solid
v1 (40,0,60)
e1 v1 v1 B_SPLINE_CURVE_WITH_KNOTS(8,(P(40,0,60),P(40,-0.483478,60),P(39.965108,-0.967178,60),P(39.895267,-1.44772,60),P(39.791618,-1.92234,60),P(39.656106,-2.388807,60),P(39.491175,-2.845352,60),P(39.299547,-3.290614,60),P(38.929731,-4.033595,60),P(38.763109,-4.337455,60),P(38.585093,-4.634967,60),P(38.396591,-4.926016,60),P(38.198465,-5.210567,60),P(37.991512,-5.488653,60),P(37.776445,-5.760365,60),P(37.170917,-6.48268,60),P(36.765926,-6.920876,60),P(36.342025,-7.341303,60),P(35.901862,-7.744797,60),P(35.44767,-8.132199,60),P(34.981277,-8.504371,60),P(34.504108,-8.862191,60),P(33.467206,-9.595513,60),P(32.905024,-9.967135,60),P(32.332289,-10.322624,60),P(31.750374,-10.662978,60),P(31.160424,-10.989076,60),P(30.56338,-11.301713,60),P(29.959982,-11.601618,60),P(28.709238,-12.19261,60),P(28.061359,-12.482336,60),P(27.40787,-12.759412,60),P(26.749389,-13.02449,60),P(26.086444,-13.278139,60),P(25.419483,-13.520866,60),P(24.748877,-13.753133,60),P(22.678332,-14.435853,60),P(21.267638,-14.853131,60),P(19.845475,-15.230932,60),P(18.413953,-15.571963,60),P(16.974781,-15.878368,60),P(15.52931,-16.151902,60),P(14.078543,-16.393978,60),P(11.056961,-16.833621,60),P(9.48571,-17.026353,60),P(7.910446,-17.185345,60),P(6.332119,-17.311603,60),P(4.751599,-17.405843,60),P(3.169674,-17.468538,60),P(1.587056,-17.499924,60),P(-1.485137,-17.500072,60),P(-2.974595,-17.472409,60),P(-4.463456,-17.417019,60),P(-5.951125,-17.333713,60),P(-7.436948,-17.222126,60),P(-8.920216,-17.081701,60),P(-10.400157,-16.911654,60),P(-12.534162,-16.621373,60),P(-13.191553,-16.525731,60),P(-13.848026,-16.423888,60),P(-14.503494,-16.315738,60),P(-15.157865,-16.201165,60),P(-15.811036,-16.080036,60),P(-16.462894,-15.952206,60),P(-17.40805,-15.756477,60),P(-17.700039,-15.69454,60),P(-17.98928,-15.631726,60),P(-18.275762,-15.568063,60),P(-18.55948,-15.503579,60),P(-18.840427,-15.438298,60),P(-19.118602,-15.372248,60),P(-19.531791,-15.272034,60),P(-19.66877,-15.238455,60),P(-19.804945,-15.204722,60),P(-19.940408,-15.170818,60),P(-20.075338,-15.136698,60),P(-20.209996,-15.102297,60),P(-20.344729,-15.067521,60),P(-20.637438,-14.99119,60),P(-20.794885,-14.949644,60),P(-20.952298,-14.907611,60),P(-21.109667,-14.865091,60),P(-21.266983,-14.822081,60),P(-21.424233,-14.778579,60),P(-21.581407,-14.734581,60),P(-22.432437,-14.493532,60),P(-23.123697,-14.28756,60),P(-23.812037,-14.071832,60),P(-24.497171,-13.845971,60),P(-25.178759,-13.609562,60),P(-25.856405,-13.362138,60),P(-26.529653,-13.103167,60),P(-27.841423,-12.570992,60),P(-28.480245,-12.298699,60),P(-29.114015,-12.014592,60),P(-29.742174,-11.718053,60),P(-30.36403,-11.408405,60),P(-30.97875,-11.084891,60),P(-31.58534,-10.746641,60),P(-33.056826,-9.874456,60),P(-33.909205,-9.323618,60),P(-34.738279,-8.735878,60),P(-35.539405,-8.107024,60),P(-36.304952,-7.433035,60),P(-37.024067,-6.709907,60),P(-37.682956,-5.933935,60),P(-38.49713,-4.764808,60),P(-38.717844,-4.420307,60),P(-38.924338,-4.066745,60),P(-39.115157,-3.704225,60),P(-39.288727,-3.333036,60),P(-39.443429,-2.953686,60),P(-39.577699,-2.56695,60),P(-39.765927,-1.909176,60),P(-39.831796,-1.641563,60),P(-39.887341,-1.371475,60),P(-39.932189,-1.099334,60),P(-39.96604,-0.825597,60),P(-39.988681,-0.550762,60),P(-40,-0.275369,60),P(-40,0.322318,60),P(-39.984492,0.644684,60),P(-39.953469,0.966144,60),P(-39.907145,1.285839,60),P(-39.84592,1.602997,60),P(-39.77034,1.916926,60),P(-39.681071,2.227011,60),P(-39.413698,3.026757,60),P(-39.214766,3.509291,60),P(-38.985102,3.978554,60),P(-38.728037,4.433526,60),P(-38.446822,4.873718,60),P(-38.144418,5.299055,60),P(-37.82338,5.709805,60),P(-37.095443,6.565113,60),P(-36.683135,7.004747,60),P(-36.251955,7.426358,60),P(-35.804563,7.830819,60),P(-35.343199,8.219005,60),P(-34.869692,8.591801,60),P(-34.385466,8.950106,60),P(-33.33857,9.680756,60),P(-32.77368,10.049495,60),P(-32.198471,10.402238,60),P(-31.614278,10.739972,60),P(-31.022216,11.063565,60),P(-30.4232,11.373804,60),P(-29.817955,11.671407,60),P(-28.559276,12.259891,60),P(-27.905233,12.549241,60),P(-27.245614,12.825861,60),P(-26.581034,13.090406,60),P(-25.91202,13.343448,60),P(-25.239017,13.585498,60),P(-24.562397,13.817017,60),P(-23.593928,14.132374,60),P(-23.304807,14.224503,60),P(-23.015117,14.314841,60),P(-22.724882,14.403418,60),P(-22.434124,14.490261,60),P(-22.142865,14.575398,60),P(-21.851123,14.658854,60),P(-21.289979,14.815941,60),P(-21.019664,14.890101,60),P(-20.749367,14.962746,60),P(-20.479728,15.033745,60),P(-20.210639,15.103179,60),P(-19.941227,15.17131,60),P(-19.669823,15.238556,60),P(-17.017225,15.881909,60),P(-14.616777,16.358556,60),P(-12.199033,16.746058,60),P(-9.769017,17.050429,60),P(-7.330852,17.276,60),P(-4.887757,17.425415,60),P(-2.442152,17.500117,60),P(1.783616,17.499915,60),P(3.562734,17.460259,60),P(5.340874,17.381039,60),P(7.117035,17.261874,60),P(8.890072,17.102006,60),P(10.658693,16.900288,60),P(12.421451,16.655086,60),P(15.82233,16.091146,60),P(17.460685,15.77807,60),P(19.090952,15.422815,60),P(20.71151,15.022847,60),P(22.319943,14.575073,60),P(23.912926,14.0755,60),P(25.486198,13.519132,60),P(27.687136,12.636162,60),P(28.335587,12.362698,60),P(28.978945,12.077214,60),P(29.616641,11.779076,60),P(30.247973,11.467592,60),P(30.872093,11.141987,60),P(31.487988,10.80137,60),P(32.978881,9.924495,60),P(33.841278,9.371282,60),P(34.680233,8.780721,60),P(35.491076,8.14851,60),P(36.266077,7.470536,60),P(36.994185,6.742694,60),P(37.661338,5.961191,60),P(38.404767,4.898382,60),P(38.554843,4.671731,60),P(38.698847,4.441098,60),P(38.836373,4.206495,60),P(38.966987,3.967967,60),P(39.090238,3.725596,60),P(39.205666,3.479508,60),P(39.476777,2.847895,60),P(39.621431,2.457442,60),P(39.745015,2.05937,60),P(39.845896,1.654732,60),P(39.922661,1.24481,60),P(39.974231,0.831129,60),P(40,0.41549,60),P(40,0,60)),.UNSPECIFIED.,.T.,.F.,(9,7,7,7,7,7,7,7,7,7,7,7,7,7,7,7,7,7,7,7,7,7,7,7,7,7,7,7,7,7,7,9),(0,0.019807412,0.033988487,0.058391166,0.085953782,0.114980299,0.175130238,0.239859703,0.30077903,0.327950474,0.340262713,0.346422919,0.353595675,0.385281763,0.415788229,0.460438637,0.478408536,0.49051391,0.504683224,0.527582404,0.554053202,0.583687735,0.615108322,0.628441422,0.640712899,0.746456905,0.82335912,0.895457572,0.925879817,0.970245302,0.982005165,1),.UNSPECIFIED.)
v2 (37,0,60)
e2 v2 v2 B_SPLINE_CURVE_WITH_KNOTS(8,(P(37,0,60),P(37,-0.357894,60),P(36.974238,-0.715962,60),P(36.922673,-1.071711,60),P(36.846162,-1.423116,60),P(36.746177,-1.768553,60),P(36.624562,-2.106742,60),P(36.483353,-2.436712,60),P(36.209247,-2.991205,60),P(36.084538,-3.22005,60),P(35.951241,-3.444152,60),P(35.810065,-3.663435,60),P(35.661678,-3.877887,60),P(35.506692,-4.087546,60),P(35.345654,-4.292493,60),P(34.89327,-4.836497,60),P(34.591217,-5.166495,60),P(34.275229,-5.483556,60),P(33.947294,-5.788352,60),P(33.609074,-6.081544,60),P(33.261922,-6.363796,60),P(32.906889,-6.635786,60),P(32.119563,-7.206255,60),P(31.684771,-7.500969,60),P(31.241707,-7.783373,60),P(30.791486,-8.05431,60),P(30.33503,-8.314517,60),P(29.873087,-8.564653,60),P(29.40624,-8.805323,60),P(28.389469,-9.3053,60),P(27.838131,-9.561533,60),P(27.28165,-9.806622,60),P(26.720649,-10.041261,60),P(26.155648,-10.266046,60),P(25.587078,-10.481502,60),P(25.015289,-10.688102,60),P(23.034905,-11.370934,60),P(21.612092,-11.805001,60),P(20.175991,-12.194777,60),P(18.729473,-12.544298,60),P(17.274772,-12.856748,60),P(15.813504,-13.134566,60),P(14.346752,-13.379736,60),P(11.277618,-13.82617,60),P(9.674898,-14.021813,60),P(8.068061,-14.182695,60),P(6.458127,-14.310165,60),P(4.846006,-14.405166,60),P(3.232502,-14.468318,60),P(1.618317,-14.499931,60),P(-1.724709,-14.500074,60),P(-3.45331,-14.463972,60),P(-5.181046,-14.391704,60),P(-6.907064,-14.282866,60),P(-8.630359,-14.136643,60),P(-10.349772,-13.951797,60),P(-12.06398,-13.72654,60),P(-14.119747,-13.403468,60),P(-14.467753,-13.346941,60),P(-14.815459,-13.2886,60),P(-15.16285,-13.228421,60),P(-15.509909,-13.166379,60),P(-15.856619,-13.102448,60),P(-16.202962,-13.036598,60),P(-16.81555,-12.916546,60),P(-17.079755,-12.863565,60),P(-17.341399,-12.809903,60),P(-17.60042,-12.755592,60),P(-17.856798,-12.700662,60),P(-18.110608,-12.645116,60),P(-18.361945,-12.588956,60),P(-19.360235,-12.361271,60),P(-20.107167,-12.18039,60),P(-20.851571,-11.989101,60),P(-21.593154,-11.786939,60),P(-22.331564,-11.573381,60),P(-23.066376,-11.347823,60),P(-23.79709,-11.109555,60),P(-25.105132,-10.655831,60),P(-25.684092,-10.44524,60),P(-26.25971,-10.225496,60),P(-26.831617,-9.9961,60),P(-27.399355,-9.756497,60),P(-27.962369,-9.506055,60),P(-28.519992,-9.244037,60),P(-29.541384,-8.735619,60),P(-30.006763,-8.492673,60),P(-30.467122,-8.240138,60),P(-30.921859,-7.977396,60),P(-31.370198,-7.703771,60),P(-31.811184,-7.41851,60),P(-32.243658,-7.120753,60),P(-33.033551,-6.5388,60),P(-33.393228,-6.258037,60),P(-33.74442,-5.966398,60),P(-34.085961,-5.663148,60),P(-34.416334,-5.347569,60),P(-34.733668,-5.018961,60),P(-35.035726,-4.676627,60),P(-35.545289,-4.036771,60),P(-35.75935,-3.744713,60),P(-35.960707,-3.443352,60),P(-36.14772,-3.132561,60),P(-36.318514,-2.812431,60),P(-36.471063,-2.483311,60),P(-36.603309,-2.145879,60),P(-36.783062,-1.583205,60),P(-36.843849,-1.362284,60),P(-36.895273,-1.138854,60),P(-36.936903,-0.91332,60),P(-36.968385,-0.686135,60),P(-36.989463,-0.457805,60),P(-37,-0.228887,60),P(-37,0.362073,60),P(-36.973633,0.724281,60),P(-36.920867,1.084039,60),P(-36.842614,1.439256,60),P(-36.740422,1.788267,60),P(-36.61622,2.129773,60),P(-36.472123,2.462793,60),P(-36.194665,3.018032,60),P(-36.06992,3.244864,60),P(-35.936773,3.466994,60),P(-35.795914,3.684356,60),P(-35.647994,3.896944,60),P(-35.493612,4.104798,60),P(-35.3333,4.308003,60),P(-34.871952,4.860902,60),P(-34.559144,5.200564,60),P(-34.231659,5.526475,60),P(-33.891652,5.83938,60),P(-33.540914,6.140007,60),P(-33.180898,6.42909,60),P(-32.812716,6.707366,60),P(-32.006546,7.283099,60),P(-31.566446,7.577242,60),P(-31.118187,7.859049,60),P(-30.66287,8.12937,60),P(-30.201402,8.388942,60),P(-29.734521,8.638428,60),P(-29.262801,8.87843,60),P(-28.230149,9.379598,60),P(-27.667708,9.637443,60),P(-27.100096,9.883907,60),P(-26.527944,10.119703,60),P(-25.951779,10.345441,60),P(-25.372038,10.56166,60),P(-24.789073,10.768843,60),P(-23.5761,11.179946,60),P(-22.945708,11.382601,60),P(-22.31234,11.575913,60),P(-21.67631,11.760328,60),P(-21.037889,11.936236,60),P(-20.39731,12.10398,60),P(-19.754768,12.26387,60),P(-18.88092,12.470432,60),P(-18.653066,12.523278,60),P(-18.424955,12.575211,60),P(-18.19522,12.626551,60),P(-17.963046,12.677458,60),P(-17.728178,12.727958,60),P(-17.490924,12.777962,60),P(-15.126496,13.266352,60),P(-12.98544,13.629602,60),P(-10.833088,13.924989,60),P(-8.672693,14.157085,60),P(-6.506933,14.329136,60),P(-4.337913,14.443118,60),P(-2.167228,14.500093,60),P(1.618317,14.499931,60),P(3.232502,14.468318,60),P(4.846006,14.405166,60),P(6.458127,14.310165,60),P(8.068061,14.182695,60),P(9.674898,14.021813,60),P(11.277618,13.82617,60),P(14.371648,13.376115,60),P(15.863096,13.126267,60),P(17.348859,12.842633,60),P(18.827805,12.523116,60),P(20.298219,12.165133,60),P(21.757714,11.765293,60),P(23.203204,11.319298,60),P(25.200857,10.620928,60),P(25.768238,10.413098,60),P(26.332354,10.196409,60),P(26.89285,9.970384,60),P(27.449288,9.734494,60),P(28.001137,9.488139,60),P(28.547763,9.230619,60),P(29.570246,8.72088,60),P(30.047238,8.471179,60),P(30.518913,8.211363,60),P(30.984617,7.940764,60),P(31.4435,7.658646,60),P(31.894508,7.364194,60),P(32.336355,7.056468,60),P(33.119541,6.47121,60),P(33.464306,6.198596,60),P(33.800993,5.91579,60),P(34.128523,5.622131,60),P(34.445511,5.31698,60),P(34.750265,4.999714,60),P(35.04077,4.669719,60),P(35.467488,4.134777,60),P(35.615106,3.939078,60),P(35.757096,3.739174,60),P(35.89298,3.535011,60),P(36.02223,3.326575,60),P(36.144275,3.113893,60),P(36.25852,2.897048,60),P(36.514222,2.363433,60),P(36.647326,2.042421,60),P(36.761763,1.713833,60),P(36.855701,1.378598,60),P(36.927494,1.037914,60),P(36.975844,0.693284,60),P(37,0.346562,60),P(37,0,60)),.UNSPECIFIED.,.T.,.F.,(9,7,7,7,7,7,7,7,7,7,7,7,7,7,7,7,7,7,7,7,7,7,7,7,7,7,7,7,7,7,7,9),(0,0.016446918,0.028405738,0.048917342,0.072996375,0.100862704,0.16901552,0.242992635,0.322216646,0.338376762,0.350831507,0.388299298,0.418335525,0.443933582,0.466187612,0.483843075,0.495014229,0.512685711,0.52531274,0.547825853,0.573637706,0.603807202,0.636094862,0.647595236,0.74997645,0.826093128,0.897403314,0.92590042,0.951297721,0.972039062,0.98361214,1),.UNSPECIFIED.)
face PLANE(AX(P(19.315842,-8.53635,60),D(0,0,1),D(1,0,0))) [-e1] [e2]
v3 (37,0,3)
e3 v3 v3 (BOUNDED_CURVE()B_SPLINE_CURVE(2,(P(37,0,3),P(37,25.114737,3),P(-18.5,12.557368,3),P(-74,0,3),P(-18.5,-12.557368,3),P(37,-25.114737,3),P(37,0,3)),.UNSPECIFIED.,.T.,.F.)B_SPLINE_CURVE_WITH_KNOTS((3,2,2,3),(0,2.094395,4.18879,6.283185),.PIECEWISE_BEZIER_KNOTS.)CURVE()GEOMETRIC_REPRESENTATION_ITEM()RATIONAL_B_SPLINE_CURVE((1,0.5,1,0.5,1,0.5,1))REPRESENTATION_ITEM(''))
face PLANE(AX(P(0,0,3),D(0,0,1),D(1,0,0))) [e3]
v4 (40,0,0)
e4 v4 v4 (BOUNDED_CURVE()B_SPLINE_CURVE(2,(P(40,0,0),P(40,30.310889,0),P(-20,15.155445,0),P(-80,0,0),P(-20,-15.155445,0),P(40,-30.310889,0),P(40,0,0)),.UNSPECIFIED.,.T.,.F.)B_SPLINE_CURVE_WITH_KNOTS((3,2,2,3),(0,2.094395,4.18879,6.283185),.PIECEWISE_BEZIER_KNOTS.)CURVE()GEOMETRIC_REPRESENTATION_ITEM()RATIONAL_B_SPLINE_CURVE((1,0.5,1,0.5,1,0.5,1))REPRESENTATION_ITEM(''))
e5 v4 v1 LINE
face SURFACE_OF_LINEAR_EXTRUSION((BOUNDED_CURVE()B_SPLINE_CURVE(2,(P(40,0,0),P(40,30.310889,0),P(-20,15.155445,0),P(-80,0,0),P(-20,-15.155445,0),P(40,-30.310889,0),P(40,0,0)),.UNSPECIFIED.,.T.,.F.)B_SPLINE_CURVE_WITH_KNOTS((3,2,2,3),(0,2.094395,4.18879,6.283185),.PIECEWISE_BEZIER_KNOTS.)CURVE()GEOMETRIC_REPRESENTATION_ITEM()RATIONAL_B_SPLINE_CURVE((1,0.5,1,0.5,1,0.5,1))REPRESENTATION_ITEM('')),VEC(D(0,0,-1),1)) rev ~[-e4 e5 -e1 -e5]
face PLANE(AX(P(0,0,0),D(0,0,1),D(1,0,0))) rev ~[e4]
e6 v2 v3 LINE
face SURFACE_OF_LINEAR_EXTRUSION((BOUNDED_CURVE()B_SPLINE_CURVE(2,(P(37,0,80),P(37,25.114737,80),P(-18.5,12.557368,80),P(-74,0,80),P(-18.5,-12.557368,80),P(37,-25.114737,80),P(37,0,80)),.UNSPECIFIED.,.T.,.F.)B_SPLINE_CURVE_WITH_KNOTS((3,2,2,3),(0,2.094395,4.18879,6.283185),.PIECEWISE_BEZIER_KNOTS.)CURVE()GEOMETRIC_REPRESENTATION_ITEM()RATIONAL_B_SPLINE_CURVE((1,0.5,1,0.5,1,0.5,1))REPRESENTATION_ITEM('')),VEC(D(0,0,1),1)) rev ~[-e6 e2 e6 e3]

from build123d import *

# Parameters (mm, degrees)
F1_DEPTH = 80
F3_DEPTH = 77
F4_W     = 136.396967
F4_H     = 205.63998
F5_DEPTH = 20


with BuildPart() as f1:
    # F0 (on Top) → F1 (new body)
    with BuildSketch(Plane.XY):
        with BuildLine():
            add(Edge.make_bspline(
                [(40, 0), (40, 30.310889), (-20, 15.155445), (-80, 0), (-20, -15.155445), (40, -30.310889), (40, 0)],
                knots=[0, 0, 0, 2.094395, 2.094395, 4.18879, 4.18879, 6.283185, 6.283185, 6.283185], degree=2, weights=[1, 0.5, 1, 0.5, 1, 0.5, 1]))
        make_face()
    extrude(amount=F1_DEPTH)

    # F2 (on face) → F3 (cut)
    with BuildSketch(Plane.XY.offset(80)):
        with BuildLine():
            add(Edge.make_bspline(
                [(37, 0), (37, 25.114737), (-18.5, 12.557368), (-74, 0), (-18.5, -12.557368), (37, -25.114737), (37, 0)],
                knots=[0, 0, 0, 2.094395, 2.094395, 4.18879, 4.18879, 6.283185, 6.283185, 6.283185], degree=2, weights=[1, 0.5, 1, 0.5, 1, 0.5, 1]))
        make_face()
    extrude(amount=-F3_DEPTH, mode=Mode.SUBTRACT)

    # F4 (on face) → F5 (cut)
    with BuildSketch(Plane.XY.offset(80)):
        with Locations((19.315842, -8.53635)):
            Rectangle(F4_W, F4_H)
    extrude(amount=-F5_DEPTH, mode=Mode.SUBTRACT)


solid = f1.part
